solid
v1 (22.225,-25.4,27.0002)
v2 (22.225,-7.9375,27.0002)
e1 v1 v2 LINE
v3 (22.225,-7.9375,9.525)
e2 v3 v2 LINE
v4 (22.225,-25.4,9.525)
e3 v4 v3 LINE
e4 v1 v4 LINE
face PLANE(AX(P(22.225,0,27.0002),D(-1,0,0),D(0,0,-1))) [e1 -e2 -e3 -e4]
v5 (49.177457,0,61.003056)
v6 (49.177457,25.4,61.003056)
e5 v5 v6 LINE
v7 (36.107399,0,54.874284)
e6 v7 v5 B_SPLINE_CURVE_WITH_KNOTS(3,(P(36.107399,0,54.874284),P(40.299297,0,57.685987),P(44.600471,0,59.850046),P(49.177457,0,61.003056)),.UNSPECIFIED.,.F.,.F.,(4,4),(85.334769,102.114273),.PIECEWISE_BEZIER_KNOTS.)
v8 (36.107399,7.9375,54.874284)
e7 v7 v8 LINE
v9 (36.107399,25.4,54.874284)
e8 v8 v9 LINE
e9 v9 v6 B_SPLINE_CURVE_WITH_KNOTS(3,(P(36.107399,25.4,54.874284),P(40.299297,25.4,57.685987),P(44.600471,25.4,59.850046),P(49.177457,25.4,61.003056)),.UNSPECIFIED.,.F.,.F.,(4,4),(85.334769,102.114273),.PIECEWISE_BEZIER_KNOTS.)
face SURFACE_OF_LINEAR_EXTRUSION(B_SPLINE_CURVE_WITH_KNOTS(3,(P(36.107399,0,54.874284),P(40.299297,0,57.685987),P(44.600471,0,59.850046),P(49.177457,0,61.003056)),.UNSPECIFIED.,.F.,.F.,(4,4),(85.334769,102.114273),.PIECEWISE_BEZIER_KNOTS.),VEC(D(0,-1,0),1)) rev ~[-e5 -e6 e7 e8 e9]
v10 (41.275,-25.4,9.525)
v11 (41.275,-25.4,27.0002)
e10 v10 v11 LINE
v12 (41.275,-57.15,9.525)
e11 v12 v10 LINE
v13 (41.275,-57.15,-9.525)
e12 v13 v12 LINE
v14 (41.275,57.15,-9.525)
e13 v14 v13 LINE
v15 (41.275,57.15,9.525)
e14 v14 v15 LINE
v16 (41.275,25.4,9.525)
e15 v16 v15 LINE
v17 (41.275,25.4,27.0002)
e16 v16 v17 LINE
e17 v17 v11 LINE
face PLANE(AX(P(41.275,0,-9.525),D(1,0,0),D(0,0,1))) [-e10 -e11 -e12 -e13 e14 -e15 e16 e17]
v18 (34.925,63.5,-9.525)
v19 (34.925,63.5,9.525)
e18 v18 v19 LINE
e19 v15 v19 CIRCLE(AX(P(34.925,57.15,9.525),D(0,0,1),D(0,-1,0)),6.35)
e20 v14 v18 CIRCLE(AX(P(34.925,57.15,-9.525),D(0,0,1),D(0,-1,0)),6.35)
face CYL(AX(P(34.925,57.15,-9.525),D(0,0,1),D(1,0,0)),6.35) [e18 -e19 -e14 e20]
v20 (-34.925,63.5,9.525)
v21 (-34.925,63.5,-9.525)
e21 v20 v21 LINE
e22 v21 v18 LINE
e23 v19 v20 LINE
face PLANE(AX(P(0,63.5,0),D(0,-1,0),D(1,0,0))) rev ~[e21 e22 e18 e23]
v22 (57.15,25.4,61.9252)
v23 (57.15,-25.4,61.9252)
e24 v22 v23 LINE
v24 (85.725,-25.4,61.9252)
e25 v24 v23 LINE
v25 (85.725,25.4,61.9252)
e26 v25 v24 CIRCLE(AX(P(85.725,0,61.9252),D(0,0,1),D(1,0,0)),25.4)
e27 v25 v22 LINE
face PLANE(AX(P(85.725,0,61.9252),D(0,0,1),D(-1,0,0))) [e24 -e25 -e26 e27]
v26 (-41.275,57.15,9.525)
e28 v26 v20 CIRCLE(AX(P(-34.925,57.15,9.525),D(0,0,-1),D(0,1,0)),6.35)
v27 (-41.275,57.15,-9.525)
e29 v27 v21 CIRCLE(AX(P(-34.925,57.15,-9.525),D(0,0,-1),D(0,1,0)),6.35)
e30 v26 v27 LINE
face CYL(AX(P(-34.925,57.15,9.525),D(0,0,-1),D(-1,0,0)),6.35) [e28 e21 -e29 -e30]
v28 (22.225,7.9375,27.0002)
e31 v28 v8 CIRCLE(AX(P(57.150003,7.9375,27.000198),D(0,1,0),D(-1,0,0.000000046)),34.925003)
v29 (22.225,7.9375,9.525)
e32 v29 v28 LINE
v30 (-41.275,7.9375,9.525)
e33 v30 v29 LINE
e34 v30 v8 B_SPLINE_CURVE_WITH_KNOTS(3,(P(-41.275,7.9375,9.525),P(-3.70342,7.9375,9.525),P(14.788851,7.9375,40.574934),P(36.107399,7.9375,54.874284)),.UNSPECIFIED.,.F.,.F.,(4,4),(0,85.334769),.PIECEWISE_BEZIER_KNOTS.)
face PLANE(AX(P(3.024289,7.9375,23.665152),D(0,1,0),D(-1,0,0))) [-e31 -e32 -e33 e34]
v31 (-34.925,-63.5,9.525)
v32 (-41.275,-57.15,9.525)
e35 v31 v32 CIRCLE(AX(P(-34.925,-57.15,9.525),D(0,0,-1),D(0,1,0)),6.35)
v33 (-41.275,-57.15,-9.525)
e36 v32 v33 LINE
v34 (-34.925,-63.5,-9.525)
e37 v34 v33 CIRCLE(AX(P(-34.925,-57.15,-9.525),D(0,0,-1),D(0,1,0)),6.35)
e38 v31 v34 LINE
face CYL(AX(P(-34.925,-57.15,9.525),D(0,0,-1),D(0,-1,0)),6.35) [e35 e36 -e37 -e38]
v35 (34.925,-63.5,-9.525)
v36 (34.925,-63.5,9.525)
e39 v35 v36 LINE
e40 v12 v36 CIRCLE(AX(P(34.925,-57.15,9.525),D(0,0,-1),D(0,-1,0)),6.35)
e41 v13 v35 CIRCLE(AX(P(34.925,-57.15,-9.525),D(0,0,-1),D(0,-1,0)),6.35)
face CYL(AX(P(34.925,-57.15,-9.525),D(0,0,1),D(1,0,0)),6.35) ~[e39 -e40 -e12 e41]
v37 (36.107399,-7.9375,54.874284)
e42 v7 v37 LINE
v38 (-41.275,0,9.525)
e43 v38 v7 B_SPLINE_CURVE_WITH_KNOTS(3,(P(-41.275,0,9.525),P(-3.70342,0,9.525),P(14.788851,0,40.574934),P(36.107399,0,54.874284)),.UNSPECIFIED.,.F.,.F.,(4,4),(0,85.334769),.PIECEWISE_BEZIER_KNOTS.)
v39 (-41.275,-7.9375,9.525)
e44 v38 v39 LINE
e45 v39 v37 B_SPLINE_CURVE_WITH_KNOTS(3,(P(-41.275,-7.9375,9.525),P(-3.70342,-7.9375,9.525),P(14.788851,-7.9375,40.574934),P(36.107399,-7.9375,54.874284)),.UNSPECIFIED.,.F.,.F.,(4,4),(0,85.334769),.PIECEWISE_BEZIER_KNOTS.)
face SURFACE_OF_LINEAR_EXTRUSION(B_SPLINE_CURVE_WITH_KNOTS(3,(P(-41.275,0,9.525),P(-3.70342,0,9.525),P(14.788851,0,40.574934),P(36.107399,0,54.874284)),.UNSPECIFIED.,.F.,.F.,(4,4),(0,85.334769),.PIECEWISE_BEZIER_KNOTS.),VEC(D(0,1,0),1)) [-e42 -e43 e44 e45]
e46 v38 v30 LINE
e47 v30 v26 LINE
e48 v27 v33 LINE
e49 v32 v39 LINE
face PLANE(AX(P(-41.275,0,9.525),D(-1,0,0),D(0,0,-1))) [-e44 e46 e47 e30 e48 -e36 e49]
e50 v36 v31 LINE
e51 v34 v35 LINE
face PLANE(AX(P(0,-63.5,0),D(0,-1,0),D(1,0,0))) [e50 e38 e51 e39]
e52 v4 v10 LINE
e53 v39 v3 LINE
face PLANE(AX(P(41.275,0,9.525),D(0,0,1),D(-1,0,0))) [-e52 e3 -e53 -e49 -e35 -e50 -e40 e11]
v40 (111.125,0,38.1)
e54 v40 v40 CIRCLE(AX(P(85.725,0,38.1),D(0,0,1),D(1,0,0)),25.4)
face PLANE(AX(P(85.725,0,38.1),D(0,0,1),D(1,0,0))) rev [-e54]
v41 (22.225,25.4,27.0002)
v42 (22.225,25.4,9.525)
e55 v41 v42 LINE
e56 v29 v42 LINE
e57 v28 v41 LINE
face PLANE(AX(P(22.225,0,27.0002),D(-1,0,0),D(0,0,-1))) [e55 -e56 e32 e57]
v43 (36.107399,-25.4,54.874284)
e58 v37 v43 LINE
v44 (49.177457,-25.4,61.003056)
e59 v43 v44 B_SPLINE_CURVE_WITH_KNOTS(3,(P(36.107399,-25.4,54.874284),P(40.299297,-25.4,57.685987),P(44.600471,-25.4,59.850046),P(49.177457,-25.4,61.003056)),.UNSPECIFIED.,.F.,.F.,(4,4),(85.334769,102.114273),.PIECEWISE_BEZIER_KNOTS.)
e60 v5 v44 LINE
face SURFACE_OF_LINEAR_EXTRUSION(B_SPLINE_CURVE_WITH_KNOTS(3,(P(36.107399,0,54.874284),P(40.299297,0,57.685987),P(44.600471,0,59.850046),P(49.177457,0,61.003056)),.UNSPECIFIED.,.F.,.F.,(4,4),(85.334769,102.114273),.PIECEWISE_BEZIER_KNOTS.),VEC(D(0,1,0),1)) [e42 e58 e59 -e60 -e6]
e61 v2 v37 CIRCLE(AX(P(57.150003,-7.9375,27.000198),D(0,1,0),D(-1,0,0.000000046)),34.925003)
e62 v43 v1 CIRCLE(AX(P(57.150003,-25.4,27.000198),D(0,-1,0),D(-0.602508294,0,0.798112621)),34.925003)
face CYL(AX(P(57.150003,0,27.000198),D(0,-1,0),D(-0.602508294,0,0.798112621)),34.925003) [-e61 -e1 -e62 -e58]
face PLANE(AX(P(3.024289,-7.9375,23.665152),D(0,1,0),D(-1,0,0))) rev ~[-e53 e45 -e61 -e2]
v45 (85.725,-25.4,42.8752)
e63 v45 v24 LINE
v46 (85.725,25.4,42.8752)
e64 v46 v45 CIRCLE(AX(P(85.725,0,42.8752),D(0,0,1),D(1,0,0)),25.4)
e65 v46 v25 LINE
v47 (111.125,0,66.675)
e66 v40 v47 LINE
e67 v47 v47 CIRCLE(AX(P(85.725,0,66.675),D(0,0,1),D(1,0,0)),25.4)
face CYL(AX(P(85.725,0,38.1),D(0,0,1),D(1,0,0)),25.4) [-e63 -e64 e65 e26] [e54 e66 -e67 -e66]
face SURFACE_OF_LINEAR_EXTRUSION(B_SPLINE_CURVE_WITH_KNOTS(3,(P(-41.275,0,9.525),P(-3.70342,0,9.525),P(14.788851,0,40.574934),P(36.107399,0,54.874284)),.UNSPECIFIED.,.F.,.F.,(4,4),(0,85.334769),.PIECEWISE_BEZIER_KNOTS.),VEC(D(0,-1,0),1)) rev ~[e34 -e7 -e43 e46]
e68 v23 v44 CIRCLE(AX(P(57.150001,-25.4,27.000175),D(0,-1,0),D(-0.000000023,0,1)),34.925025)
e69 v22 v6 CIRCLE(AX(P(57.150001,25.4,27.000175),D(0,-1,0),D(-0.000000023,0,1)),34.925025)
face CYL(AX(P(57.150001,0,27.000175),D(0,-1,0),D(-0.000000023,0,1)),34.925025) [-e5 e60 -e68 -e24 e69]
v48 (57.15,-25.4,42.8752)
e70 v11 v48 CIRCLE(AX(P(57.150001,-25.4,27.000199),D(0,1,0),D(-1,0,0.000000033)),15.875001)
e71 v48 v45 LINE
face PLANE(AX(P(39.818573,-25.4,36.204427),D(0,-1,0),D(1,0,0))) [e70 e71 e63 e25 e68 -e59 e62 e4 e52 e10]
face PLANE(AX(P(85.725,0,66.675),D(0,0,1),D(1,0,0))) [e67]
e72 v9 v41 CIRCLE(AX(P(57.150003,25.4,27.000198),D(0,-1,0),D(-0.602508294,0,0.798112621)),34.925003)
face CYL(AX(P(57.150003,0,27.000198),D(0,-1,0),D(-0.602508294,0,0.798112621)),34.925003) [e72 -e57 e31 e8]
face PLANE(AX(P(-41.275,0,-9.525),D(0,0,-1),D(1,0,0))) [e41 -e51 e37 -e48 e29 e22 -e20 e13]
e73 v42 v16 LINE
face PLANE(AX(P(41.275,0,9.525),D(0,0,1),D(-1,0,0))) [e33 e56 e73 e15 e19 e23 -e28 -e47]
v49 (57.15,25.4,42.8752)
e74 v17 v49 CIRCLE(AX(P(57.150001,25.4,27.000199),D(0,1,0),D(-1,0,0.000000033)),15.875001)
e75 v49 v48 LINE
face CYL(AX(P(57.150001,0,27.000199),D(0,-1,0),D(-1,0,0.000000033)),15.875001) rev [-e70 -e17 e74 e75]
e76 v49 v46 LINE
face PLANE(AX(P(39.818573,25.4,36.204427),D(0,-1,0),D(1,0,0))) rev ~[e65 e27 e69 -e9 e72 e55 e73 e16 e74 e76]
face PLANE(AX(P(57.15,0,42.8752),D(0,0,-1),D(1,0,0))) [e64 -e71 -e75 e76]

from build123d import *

# Parameters (mm, degrees)
F1_DEPTH = 63.5
F0_W     = 25.4
F0_H     = 19.05
F2_DEPTH = 25.4
F3_DEPTH = 7.9375
F5_R     = 6.35


with BuildPart() as f1:
    # F0 (on Front) → F1 (new body, symmetric)
    with BuildSketch(Plane.XZ):
        Polygon((-41.275, 9.525), (-41.275, -9.525), (41.275, -9.525), (41.275, 9.525), (22.225, 9.525), align=None)
    extrude(amount=F1_DEPTH, both=True)

    # F0 (on Front) → F2 (join, symmetric)
    with BuildSketch(Plane.XZ):
        with BuildLine():
            Line((22.225, 9.525), (41.275, 9.525))
            Line((41.275, 9.525), (41.275, 27.0002))
            ThreePointArc((41.275, 27.0002), (45.92468, 38.22552), (57.15, 42.8752))
            Line((57.15, 42.8752), (60.325, 42.8752))
            Line((60.325, 42.8752), (60.325, 61.9252))
            Line((60.325, 61.9252), (57.15, 61.9252))
            ThreePointArc((57.15, 61.9252), (53.137152, 61.693898), (49.177457, 61.003056))
            add(Edge.make_bspline(
                [(36.107399, 54.874284), (40.299297, 57.685987), (44.600471, 59.850046), (49.177457, 61.003056)],
                knots=[85.334769, 85.334769, 85.334769, 85.334769, 102.114273, 102.114273, 102.114273, 102.114273], degree=3))
            ThreePointArc((36.107399, 54.874284), (25.887655, 42.570087), (22.225, 27.0002))
            Line((22.225, 27.0002), (22.225, 9.525))
        make_face()
        with Locations((73.025, 52.4002)):
            Rectangle(F0_W, F0_H)
    extrude(amount=F2_DEPTH, both=True)

    # F0 (on Front) → F3 (join, symmetric)
    with BuildSketch(Plane.XZ):
        with BuildLine():
            add(Edge.make_bspline(
                [(-41.275, 9.525), (-3.70342, 9.525), (14.788851, 40.574934), (36.107399, 54.874284)],
                knots=[0, 0, 0, 0, 85.334769, 85.334769, 85.334769, 85.334769], degree=3))
            Line((-41.275, 9.525), (22.225, 9.525))
            Line((22.225, 9.525), (22.225, 27.0002))
            ThreePointArc((22.225, 27.0002), (25.887655, 42.570087), (36.107399, 54.874284))
        make_face()
    extrude(amount=F3_DEPTH, both=True)

    # F0 (on Front) → F4 (revolve)
    with BuildSketch(Plane.XZ):
        Polygon((85.725, 61.9252), (85.725, 42.8752), (85.725, 38.1), (111.125, 38.1), (111.125, 66.675), (85.725, 66.675), align=None)
    revolve(axis=Axis((85.725, 0, 52.4002), (0, 0, 1)))

    # F5
    f5_edges = [f1.edges().sort_by_distance(p)[0] for p in [
        (-41.275, -63.5, 0),
        (41.275, -63.5, 0),
        (-41.275, 63.5, 0),
        (41.275, 63.5, 0),
    ]]
    fillet(f5_edges, radius=F5_R)


solid = f1.part
